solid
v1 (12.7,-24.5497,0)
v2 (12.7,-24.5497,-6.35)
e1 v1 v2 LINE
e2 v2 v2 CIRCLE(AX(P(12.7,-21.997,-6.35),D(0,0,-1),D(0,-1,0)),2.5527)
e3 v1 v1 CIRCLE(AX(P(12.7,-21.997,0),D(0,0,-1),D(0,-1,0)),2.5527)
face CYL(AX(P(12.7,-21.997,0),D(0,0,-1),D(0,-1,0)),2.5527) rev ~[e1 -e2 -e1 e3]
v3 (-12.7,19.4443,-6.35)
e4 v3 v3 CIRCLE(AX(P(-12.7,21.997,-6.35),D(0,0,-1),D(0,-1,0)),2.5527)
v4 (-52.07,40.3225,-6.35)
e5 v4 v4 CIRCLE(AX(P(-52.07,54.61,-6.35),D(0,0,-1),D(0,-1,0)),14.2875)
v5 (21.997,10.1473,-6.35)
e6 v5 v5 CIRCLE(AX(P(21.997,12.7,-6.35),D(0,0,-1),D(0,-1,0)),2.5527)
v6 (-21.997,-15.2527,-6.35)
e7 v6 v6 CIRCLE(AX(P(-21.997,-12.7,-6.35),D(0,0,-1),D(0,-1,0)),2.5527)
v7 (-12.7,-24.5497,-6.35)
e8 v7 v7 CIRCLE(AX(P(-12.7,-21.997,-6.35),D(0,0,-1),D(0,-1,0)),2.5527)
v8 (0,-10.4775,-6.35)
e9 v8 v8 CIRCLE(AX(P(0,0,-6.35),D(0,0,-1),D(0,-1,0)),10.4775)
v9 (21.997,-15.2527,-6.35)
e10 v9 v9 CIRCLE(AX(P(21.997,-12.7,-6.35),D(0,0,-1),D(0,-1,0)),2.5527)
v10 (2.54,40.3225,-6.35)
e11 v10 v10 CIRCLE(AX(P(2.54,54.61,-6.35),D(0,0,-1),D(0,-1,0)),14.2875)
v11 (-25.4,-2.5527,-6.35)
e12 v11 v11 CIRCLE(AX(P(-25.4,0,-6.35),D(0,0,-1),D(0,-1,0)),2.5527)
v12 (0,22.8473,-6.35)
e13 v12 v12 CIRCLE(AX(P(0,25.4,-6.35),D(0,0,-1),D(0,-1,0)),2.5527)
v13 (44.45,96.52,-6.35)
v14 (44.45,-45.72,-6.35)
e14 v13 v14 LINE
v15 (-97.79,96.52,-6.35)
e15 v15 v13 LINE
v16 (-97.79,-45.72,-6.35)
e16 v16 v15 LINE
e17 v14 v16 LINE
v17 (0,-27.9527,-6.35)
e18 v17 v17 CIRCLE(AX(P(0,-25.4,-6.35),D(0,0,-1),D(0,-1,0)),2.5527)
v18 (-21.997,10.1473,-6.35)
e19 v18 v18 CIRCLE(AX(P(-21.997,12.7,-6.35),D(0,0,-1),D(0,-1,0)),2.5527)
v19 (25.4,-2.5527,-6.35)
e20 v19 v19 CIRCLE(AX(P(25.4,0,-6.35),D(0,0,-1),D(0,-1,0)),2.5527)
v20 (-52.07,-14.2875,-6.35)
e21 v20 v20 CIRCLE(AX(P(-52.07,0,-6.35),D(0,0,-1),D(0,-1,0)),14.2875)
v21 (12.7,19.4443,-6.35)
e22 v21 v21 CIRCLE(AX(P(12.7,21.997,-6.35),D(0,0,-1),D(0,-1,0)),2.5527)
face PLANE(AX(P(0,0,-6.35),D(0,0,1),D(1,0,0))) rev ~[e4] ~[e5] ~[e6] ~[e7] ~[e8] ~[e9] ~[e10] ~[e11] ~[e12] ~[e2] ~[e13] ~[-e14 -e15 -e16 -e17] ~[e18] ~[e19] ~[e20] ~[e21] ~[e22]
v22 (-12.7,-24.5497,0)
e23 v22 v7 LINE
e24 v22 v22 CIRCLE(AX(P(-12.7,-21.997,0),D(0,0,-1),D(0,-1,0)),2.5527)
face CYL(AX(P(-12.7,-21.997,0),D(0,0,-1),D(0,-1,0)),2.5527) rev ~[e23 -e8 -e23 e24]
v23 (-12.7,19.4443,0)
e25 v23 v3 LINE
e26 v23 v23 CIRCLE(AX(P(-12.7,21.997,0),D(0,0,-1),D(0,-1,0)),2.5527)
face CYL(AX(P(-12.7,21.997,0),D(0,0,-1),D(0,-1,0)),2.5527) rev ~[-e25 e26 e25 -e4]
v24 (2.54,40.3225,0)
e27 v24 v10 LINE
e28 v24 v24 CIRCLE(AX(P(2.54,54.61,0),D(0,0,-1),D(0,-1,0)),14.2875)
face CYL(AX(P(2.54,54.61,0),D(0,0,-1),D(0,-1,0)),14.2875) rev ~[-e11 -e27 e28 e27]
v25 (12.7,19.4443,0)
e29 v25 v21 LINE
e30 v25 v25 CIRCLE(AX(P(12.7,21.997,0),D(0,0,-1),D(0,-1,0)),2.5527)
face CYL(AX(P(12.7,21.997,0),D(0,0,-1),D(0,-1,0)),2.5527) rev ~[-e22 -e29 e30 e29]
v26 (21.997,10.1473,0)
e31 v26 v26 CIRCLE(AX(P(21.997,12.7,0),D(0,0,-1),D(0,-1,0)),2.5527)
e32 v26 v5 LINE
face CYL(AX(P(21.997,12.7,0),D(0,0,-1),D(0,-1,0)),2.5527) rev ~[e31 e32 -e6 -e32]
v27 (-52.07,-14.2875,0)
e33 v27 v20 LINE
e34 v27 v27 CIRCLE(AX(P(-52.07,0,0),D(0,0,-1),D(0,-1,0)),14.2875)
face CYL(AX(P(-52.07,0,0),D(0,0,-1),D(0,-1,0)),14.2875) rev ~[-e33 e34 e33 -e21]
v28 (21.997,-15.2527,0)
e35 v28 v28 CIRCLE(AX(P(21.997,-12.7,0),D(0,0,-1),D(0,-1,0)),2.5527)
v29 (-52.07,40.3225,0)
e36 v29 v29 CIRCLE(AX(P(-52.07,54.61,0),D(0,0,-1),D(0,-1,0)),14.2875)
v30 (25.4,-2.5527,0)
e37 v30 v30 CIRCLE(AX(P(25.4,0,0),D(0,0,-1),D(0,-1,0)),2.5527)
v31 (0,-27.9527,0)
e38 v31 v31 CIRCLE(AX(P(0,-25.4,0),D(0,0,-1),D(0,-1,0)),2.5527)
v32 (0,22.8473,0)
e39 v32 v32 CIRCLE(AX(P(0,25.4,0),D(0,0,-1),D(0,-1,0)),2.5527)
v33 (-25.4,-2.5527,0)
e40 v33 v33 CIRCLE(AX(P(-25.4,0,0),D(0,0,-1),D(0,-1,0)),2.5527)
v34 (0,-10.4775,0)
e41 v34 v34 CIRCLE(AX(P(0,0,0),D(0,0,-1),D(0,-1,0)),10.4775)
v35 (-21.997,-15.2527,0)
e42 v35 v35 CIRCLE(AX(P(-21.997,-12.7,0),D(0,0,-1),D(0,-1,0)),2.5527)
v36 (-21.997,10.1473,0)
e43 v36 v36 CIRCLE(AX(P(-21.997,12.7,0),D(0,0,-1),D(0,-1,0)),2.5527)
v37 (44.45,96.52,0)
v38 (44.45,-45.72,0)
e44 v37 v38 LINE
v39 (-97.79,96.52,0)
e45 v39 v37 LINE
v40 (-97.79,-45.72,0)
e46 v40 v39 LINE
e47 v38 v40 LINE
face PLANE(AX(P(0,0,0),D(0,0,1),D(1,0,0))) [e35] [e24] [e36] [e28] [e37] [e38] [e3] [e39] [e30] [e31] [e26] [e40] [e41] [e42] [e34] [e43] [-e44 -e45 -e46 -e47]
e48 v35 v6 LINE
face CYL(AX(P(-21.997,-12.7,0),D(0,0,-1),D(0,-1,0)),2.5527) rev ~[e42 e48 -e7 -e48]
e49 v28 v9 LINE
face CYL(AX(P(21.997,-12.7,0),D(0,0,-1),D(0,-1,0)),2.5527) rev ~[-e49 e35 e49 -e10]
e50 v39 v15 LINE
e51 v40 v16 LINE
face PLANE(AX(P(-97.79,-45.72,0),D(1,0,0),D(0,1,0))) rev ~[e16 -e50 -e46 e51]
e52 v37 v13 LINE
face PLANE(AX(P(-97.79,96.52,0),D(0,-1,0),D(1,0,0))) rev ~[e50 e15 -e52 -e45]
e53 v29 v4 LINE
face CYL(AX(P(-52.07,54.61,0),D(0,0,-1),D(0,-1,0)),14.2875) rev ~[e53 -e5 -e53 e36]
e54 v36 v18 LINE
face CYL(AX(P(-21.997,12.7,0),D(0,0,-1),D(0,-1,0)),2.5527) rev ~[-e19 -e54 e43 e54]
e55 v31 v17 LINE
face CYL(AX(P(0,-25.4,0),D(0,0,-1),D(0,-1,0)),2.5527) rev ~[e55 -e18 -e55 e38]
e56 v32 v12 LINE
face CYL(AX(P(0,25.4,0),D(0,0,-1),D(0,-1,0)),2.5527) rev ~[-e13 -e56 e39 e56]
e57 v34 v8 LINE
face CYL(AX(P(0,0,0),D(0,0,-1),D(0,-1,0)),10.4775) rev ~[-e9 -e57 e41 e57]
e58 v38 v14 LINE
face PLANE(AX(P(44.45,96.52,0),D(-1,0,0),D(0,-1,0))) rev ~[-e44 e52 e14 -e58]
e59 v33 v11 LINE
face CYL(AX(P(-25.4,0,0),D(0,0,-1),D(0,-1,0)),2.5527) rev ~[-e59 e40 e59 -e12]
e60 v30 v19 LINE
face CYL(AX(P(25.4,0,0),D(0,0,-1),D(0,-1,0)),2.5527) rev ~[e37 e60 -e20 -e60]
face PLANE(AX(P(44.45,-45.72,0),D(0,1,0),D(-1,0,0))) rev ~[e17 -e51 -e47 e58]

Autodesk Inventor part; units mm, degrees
ref_plane "YZ Plane" through (0, 0, 0) normal (1, 0, 0) x (0, 1, 0)
ref_plane "XZ Plane" through (0, 0, 0) normal (0, 1, 0) x (-1, 0, 0)
ref_plane "XY Plane" through (0, 0, 0) normal (0, 0, 1) x (1, 0, 0)
sketch "Sketch1" plane through (0, 0, 0) normal (0, 0, 1) x (1, 0, 0)
  circle A0 centre (0, 0) radius 6.35 construction
  circle A1 centre (-52.07, 0) radius 45.72 construction
  circle A2 centre (-52.07, 0) radius 12.7 construction
  circle A3 centre (-52.07, 54.61) radius 41.91 construction
  circle A4 centre (-52.07, 54.61) radius 12.7 construction
  circle A5 centre (2.54, 54.61) radius 41.91 construction
  line L0 (-97.79, 96.52) -> (44.45, 96.52)
  line L1 (44.45, 96.52) -> (44.45, -45.72)
  line L2 (44.45, -45.72) -> (-97.79, -45.72)
  line L3 (-97.79, -45.72) -> (-97.79, 96.52)
  circle A6 centre (0, 0) radius 25.4 construction
  point P0 (25.4, 0)
  point P1 (21.997, 12.7)
  point P2 (12.7, 21.997)
  point P3 (0, 25.4)
  point P4 (-12.7, 21.997)
  point P5 (-21.997, 12.7)
  point P6 (-25.4, 0)
  point P7 (-21.997, -12.7)
  point P8 (-12.7, -21.997)
  point P9 (0, -25.4)
  point P10 (12.7, -21.997)
  point P11 (21.997, -12.7)
  dimension "d15" = 50.8
  dimension "d0" = 12.7
  dimension "d1" = 91.44
  dimension "d2" = 25.4
  dimension "d3" = 83.82
  dimension "d4" = 25.4
  dimension "d5" = 83.82
  dimension "d18" = 360
extrude "Extrusion1" add sketch "Sketch1" against normal blind 6.35
hole "Hole1" at (-52.07, 0, 0) at (2.54, 54.61, 0) at (-52.07, 54.61, 0) direction (0, 0, -1) diameter 28.575 end through all
hole "Hole2" at (25.4, 0, 0) at (21.997, 12.7, 0) at (12.7, 21.997, 0) at (0, 25.4, 0) at (-12.7, 21.997, 0) at (-21.997, 12.7, 0) at (-25.4, 0, 0) at (-21.997, -12.7, 0) at (-12.7, -21.997, 0) at (0, -25.4, 0) at (12.7, -21.997, 0) at (21.997, -12.7, 0) direction (0, 0, -1) diameter 5.1054 end through all clearance for "Flat Head Machine Screw (82)" size "#10" standard "Ansi Unified Screw Threads"
hole "Hole3" at (0, 0, 0) direction (0, 0, -1) diameter 20.955 end through all
properties part number "CL4-014" material "Aluminum 6061"
